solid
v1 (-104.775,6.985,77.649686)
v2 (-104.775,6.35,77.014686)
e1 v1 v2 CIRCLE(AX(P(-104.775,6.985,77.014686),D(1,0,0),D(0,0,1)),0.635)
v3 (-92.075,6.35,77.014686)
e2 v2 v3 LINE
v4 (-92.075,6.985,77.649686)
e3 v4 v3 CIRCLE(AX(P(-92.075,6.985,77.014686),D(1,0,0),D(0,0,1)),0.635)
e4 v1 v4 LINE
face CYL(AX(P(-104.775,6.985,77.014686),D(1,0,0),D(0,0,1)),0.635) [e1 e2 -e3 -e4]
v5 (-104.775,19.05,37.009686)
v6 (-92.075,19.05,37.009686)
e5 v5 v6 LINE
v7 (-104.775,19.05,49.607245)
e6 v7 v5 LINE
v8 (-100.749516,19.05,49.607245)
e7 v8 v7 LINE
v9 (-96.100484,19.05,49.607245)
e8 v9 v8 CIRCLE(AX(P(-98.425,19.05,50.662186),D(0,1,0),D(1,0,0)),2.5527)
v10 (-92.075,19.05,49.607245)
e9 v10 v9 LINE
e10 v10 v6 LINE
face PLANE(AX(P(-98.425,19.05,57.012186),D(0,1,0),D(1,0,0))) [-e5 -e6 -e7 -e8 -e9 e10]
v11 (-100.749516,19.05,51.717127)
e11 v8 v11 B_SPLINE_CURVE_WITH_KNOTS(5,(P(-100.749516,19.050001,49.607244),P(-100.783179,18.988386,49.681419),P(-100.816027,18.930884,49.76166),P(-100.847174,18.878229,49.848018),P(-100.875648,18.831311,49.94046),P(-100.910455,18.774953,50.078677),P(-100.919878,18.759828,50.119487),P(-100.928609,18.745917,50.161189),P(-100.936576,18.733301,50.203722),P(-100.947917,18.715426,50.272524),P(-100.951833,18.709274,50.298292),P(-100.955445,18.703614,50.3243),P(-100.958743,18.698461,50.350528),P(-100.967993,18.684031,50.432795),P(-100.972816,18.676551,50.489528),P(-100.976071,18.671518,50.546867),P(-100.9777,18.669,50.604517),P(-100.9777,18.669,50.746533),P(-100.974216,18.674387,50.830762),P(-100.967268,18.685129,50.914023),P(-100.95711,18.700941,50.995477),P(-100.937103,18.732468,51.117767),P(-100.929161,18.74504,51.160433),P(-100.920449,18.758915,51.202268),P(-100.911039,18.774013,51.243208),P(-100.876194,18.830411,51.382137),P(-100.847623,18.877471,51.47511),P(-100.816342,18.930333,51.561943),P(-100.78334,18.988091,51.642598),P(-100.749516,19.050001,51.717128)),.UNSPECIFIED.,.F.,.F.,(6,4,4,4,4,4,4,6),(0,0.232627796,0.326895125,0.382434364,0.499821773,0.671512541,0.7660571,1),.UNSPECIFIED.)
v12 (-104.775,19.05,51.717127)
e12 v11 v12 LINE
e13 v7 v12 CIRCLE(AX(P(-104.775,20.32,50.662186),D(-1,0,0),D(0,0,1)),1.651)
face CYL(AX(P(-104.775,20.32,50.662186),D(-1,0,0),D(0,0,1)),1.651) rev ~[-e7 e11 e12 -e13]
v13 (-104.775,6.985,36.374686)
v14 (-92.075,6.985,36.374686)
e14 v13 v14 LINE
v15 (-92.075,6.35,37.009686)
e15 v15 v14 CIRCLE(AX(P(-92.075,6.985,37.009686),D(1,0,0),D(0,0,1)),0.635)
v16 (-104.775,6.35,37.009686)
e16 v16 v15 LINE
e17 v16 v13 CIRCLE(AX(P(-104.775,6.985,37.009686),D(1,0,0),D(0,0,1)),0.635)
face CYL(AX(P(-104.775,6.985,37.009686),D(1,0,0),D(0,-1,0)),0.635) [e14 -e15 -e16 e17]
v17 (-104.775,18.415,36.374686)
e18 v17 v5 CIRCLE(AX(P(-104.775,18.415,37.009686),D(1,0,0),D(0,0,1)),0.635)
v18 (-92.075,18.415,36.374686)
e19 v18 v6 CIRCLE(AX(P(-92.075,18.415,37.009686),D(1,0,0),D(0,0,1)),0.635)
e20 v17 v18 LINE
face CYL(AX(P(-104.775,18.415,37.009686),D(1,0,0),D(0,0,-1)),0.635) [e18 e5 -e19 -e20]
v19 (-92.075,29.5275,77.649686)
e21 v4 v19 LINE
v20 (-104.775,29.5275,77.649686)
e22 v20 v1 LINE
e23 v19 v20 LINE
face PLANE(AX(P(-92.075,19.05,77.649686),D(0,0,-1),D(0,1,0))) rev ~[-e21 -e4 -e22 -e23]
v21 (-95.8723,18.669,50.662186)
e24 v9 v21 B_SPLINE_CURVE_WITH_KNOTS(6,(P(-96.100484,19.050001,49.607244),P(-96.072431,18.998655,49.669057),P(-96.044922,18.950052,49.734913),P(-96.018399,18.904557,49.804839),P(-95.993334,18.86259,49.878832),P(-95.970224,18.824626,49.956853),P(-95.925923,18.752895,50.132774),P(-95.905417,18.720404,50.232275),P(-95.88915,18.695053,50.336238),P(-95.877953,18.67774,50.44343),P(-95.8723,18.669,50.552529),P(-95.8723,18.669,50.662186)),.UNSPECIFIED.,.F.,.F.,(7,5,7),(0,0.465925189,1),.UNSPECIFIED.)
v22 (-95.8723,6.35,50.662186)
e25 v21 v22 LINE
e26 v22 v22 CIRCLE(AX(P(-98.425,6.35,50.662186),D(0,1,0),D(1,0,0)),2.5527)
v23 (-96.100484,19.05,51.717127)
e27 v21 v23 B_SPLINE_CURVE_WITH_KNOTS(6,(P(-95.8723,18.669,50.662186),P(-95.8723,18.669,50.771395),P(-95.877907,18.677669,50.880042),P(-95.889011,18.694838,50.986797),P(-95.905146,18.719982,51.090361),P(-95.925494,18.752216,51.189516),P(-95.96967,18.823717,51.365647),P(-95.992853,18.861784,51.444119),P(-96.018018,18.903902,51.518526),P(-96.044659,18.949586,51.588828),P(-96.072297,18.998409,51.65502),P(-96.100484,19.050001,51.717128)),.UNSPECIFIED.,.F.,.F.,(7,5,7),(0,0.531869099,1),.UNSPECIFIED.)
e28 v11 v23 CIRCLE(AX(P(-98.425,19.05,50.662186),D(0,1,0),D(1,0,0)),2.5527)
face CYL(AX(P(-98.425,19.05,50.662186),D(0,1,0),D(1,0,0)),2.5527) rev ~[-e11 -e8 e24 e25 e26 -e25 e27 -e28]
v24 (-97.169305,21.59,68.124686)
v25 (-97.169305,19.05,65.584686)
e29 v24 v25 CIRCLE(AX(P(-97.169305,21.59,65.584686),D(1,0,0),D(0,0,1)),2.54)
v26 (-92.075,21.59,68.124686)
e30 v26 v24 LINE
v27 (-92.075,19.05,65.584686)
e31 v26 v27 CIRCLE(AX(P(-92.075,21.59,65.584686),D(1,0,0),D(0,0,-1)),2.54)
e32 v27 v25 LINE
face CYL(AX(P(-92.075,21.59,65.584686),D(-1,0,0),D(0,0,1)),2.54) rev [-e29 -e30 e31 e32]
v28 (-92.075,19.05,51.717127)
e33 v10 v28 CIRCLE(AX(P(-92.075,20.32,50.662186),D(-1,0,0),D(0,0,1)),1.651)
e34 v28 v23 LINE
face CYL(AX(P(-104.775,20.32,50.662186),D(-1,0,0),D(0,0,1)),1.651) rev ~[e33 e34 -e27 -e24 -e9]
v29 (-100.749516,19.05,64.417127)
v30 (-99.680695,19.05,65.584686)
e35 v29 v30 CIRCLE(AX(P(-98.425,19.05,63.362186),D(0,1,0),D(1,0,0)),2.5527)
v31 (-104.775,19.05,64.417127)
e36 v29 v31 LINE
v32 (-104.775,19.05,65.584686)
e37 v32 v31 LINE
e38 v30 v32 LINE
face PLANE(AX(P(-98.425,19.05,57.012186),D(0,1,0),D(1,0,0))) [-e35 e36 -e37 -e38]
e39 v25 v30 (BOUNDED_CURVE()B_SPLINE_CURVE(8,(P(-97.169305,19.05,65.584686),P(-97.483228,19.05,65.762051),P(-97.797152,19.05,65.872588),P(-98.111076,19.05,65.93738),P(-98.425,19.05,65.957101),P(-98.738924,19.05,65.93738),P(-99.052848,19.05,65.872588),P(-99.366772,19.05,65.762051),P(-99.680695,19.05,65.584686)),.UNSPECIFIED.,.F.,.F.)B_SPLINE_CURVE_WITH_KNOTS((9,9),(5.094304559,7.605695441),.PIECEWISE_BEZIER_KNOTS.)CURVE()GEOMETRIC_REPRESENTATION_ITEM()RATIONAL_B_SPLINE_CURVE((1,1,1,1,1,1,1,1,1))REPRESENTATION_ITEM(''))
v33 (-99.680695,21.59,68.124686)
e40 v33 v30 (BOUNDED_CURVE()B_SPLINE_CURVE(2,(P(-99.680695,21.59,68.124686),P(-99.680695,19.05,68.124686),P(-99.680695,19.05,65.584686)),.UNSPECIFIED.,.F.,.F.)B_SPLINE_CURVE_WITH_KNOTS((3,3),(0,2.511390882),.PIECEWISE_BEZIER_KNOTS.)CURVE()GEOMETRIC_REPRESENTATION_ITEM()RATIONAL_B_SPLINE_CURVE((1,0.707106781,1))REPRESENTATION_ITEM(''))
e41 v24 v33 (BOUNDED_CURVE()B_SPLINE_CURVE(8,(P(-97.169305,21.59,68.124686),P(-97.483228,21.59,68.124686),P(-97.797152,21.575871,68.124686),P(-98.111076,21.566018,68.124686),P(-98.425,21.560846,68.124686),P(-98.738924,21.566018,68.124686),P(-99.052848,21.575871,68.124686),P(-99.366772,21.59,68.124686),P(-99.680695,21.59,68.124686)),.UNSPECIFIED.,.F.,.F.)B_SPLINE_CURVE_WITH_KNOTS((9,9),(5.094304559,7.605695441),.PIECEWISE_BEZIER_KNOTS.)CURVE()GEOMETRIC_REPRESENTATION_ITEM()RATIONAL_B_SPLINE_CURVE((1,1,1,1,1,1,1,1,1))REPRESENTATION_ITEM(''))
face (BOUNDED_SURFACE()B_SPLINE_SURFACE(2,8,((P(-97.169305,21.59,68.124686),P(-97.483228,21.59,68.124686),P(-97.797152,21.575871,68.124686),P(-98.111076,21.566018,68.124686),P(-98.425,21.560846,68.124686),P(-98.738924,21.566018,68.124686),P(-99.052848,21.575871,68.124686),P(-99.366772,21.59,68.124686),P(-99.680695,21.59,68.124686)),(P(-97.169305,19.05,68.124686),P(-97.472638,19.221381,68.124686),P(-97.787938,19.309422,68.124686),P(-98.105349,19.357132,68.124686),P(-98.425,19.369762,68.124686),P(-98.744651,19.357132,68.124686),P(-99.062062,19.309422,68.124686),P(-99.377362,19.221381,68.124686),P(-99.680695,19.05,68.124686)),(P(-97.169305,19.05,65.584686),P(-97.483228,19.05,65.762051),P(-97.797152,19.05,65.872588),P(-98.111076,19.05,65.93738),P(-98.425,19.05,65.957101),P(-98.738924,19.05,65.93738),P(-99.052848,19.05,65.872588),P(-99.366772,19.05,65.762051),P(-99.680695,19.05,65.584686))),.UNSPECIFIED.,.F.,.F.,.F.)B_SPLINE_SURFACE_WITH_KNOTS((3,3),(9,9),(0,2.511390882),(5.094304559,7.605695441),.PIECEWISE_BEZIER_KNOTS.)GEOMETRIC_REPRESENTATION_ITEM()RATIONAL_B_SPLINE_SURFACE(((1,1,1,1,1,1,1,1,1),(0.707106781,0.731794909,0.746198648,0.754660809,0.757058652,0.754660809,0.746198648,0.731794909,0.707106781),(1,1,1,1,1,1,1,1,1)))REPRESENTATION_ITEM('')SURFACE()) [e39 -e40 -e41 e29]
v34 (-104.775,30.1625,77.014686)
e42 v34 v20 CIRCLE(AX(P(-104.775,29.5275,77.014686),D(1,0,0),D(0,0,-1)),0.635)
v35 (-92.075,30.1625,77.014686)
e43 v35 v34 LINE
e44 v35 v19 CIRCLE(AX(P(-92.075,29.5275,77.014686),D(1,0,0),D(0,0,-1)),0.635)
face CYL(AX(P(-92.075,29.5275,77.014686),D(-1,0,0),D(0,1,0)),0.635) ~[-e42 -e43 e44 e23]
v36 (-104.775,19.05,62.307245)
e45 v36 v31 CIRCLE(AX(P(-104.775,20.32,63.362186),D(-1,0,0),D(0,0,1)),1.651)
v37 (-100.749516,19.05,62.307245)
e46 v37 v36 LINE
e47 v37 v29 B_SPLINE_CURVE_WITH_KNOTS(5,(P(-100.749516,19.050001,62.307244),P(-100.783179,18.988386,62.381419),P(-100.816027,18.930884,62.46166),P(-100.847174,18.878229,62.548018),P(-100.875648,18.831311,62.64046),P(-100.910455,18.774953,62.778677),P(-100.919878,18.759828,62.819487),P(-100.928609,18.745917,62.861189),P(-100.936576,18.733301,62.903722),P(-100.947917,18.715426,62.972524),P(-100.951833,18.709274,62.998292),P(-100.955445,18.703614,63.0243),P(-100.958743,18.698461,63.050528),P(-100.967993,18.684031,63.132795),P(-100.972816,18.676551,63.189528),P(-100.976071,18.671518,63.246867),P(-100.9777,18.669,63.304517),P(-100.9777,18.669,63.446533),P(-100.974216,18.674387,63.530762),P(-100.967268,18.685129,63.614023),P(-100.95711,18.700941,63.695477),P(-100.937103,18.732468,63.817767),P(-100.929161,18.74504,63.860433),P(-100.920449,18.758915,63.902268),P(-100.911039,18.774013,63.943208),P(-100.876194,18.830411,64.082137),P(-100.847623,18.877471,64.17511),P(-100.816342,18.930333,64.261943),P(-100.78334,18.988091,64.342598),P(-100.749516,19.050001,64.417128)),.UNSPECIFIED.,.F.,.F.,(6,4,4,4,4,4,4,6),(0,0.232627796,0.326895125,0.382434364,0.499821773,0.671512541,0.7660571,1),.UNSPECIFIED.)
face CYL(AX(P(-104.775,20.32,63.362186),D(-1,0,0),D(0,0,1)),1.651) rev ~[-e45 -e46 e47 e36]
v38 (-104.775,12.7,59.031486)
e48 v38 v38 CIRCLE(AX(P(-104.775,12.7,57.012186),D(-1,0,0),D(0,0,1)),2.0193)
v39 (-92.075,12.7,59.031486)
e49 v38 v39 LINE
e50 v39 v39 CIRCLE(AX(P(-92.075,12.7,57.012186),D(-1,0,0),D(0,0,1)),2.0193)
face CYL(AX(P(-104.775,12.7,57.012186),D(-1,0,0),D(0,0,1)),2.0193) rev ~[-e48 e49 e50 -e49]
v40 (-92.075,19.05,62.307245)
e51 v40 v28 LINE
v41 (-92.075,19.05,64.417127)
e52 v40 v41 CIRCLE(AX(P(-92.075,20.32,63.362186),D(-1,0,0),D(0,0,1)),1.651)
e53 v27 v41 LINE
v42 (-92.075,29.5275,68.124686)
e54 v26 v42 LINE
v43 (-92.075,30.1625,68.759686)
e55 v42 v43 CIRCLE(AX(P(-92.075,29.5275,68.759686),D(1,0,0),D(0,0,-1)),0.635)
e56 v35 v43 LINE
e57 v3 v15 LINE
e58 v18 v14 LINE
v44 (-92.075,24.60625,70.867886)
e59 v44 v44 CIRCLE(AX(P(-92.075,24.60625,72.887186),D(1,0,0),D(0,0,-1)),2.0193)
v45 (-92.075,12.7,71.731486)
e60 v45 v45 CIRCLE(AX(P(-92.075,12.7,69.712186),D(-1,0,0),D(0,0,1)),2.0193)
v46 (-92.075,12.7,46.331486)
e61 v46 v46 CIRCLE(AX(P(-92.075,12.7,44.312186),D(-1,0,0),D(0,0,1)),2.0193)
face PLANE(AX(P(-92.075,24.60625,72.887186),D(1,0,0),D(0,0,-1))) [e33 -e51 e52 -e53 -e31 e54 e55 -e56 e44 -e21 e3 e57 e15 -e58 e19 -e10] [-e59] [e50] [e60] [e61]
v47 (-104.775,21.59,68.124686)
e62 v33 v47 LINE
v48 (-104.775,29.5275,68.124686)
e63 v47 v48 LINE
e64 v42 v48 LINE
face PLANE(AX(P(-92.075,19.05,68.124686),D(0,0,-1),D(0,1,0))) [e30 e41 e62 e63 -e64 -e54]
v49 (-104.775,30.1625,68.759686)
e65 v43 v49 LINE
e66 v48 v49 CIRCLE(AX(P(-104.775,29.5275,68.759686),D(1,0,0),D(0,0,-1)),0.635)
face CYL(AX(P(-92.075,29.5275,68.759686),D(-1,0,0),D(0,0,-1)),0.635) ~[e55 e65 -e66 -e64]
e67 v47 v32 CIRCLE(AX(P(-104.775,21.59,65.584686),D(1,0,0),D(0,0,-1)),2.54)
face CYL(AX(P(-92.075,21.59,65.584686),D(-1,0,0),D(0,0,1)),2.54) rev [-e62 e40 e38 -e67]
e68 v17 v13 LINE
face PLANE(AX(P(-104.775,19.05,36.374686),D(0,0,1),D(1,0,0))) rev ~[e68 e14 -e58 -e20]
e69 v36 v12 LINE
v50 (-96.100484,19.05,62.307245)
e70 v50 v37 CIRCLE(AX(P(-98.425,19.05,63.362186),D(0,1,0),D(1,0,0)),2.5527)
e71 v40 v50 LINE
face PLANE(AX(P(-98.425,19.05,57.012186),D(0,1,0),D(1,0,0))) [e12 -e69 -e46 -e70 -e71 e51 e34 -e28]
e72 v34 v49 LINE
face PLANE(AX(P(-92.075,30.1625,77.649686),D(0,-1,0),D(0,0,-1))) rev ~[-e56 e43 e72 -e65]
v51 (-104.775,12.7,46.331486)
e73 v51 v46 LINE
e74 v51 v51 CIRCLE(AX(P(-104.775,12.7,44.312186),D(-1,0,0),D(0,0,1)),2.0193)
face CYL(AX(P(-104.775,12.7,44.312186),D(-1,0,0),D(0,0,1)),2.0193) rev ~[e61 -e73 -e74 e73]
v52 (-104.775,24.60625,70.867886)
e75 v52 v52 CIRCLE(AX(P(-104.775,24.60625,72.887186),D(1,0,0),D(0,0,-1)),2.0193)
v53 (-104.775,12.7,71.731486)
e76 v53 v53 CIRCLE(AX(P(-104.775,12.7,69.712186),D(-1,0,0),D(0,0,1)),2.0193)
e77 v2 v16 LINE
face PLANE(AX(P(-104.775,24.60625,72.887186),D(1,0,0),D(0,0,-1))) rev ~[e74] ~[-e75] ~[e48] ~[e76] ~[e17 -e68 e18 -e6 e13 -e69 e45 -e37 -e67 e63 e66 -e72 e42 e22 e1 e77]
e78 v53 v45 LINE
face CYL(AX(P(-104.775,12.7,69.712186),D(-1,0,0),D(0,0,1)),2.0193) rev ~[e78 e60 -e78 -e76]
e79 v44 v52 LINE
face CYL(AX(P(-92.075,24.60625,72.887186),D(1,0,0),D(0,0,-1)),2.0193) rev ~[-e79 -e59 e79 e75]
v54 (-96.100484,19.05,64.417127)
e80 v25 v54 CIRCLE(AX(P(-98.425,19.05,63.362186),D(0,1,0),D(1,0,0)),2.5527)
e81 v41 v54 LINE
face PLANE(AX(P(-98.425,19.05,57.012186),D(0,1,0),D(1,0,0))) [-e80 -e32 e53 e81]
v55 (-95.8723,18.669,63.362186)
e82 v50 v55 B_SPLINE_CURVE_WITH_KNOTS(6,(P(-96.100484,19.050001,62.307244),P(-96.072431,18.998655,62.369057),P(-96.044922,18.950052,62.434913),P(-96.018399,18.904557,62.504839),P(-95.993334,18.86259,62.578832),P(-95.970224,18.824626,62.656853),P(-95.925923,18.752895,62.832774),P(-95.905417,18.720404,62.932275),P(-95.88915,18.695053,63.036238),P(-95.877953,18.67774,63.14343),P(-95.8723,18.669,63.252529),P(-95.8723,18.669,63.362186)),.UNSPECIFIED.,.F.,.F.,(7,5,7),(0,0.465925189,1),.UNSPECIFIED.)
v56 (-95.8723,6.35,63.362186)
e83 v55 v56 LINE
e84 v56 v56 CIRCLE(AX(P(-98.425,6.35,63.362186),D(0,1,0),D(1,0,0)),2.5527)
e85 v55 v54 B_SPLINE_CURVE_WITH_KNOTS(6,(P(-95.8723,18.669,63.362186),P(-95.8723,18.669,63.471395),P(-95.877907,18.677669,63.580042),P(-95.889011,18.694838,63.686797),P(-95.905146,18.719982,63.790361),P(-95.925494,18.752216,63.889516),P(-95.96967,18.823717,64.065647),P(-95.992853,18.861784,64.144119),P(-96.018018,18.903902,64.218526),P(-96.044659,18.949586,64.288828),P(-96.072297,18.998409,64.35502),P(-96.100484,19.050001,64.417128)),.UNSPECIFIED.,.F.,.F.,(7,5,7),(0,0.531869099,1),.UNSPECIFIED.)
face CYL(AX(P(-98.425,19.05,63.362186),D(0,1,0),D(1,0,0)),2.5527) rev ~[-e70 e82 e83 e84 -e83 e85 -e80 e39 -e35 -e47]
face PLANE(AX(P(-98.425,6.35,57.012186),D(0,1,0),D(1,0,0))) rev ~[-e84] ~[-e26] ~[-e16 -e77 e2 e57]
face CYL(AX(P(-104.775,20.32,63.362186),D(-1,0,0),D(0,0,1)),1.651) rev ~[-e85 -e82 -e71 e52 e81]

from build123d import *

# Parameters (mm, degrees)
SKETCH12_W           = 12.7
SKETCH12_H           = 41.275
SKETCH12_R           = 2.5527
BOSS_EXTRUDE5_DEPTH  = 12.7
SKETCH13_R           = 2.0193
CUT_EXTRUDE3_DEPTH   = 13.7
SKETCH107_W          = 9.525
SKETCH107_H          = 11.1125
SKETCH107_R          = 2.0193
BOSS_EXTRUDE34_DEPTH = 12.7
SKETCH112_R          = 1.651
CUT_EXTRUDE58_DEPTH  = 13.7
FILLET43_R           = 2.54
FILLET44_R           = 0.635


with BuildPart() as part:
    # Sketch12 → Boss-Extrude5 (new body)
    with BuildSketch(Plane(origin=(0, 19.05, 0), x_dir=(1, 0, 0), z_dir=(0, 1, 0))):
        with Locations((-98.425, -57.012186106)):
            Rectangle(SKETCH12_W, SKETCH12_H)
        with Locations((-98.425, -63.362186106)):
            Circle(SKETCH12_R, mode=Mode.SUBTRACT)
        with Locations((-98.425, -50.662186106)):
            Circle(SKETCH12_R, mode=Mode.SUBTRACT)
    extrude(amount=-BOSS_EXTRUDE5_DEPTH)

    # Sketch13 → Cut-Extrude3 (cut, through all)
    with BuildSketch(Plane.ZY.offset(104.775)):
        with Locations((44.312186106, 12.7)):
            Circle(SKETCH13_R)
        with Locations((57.012186106, 12.7)):
            Circle(SKETCH13_R)
        with Locations((69.712186106, 12.7)):
            Circle(SKETCH13_R)
    extrude(amount=-CUT_EXTRUDE3_DEPTH, mode=Mode.SUBTRACT)

    # Sketch107 → Boss-Extrude34 (add, through all)
    with BuildSketch(Plane(origin=(-92.075, 0, 0), x_dir=(0, 0, -1), z_dir=(1, 0, 0))):
        with Locations((-72.887186106, 24.60625)):
            Rectangle(SKETCH107_W, SKETCH107_H)
        with Locations((-72.887186106, 24.60625)):
            Circle(SKETCH107_R, mode=Mode.SUBTRACT)
    extrude(amount=-BOSS_EXTRUDE34_DEPTH)

    # Sketch112 → Cut-Extrude58 (cut, through all)
    with BuildSketch(Plane.ZY.offset(104.775)):
        with Locations((50.662186106, 20.32)):
            Circle(SKETCH112_R)
        with Locations((63.362186106, 20.32)):
            Circle(SKETCH112_R)
    extrude(amount=-CUT_EXTRUDE58_DEPTH, mode=Mode.SUBTRACT)

    # Fillet43
    fillet43_edges = [part.edges().sort_by_distance(p)[0] for p in [
        (-98.425, 19.05, 68.124686106),
    ]]
    fillet(fillet43_edges, radius=FILLET43_R)

    # Fillet44
    fillet44_edges = [part.edges().sort_by_distance(p)[0] for p in [
        (-98.425, 6.35, 36.374686106),
        (-98.425, 30.1625, 77.649686106),
        (-98.425, 30.1625, 68.124686106),
        (-98.425, 6.35, 77.649686106),
        (-98.425, 19.05, 36.374686106),
    ]]
    fillet(fillet44_edges, radius=FILLET44_R)


solid = part.part
